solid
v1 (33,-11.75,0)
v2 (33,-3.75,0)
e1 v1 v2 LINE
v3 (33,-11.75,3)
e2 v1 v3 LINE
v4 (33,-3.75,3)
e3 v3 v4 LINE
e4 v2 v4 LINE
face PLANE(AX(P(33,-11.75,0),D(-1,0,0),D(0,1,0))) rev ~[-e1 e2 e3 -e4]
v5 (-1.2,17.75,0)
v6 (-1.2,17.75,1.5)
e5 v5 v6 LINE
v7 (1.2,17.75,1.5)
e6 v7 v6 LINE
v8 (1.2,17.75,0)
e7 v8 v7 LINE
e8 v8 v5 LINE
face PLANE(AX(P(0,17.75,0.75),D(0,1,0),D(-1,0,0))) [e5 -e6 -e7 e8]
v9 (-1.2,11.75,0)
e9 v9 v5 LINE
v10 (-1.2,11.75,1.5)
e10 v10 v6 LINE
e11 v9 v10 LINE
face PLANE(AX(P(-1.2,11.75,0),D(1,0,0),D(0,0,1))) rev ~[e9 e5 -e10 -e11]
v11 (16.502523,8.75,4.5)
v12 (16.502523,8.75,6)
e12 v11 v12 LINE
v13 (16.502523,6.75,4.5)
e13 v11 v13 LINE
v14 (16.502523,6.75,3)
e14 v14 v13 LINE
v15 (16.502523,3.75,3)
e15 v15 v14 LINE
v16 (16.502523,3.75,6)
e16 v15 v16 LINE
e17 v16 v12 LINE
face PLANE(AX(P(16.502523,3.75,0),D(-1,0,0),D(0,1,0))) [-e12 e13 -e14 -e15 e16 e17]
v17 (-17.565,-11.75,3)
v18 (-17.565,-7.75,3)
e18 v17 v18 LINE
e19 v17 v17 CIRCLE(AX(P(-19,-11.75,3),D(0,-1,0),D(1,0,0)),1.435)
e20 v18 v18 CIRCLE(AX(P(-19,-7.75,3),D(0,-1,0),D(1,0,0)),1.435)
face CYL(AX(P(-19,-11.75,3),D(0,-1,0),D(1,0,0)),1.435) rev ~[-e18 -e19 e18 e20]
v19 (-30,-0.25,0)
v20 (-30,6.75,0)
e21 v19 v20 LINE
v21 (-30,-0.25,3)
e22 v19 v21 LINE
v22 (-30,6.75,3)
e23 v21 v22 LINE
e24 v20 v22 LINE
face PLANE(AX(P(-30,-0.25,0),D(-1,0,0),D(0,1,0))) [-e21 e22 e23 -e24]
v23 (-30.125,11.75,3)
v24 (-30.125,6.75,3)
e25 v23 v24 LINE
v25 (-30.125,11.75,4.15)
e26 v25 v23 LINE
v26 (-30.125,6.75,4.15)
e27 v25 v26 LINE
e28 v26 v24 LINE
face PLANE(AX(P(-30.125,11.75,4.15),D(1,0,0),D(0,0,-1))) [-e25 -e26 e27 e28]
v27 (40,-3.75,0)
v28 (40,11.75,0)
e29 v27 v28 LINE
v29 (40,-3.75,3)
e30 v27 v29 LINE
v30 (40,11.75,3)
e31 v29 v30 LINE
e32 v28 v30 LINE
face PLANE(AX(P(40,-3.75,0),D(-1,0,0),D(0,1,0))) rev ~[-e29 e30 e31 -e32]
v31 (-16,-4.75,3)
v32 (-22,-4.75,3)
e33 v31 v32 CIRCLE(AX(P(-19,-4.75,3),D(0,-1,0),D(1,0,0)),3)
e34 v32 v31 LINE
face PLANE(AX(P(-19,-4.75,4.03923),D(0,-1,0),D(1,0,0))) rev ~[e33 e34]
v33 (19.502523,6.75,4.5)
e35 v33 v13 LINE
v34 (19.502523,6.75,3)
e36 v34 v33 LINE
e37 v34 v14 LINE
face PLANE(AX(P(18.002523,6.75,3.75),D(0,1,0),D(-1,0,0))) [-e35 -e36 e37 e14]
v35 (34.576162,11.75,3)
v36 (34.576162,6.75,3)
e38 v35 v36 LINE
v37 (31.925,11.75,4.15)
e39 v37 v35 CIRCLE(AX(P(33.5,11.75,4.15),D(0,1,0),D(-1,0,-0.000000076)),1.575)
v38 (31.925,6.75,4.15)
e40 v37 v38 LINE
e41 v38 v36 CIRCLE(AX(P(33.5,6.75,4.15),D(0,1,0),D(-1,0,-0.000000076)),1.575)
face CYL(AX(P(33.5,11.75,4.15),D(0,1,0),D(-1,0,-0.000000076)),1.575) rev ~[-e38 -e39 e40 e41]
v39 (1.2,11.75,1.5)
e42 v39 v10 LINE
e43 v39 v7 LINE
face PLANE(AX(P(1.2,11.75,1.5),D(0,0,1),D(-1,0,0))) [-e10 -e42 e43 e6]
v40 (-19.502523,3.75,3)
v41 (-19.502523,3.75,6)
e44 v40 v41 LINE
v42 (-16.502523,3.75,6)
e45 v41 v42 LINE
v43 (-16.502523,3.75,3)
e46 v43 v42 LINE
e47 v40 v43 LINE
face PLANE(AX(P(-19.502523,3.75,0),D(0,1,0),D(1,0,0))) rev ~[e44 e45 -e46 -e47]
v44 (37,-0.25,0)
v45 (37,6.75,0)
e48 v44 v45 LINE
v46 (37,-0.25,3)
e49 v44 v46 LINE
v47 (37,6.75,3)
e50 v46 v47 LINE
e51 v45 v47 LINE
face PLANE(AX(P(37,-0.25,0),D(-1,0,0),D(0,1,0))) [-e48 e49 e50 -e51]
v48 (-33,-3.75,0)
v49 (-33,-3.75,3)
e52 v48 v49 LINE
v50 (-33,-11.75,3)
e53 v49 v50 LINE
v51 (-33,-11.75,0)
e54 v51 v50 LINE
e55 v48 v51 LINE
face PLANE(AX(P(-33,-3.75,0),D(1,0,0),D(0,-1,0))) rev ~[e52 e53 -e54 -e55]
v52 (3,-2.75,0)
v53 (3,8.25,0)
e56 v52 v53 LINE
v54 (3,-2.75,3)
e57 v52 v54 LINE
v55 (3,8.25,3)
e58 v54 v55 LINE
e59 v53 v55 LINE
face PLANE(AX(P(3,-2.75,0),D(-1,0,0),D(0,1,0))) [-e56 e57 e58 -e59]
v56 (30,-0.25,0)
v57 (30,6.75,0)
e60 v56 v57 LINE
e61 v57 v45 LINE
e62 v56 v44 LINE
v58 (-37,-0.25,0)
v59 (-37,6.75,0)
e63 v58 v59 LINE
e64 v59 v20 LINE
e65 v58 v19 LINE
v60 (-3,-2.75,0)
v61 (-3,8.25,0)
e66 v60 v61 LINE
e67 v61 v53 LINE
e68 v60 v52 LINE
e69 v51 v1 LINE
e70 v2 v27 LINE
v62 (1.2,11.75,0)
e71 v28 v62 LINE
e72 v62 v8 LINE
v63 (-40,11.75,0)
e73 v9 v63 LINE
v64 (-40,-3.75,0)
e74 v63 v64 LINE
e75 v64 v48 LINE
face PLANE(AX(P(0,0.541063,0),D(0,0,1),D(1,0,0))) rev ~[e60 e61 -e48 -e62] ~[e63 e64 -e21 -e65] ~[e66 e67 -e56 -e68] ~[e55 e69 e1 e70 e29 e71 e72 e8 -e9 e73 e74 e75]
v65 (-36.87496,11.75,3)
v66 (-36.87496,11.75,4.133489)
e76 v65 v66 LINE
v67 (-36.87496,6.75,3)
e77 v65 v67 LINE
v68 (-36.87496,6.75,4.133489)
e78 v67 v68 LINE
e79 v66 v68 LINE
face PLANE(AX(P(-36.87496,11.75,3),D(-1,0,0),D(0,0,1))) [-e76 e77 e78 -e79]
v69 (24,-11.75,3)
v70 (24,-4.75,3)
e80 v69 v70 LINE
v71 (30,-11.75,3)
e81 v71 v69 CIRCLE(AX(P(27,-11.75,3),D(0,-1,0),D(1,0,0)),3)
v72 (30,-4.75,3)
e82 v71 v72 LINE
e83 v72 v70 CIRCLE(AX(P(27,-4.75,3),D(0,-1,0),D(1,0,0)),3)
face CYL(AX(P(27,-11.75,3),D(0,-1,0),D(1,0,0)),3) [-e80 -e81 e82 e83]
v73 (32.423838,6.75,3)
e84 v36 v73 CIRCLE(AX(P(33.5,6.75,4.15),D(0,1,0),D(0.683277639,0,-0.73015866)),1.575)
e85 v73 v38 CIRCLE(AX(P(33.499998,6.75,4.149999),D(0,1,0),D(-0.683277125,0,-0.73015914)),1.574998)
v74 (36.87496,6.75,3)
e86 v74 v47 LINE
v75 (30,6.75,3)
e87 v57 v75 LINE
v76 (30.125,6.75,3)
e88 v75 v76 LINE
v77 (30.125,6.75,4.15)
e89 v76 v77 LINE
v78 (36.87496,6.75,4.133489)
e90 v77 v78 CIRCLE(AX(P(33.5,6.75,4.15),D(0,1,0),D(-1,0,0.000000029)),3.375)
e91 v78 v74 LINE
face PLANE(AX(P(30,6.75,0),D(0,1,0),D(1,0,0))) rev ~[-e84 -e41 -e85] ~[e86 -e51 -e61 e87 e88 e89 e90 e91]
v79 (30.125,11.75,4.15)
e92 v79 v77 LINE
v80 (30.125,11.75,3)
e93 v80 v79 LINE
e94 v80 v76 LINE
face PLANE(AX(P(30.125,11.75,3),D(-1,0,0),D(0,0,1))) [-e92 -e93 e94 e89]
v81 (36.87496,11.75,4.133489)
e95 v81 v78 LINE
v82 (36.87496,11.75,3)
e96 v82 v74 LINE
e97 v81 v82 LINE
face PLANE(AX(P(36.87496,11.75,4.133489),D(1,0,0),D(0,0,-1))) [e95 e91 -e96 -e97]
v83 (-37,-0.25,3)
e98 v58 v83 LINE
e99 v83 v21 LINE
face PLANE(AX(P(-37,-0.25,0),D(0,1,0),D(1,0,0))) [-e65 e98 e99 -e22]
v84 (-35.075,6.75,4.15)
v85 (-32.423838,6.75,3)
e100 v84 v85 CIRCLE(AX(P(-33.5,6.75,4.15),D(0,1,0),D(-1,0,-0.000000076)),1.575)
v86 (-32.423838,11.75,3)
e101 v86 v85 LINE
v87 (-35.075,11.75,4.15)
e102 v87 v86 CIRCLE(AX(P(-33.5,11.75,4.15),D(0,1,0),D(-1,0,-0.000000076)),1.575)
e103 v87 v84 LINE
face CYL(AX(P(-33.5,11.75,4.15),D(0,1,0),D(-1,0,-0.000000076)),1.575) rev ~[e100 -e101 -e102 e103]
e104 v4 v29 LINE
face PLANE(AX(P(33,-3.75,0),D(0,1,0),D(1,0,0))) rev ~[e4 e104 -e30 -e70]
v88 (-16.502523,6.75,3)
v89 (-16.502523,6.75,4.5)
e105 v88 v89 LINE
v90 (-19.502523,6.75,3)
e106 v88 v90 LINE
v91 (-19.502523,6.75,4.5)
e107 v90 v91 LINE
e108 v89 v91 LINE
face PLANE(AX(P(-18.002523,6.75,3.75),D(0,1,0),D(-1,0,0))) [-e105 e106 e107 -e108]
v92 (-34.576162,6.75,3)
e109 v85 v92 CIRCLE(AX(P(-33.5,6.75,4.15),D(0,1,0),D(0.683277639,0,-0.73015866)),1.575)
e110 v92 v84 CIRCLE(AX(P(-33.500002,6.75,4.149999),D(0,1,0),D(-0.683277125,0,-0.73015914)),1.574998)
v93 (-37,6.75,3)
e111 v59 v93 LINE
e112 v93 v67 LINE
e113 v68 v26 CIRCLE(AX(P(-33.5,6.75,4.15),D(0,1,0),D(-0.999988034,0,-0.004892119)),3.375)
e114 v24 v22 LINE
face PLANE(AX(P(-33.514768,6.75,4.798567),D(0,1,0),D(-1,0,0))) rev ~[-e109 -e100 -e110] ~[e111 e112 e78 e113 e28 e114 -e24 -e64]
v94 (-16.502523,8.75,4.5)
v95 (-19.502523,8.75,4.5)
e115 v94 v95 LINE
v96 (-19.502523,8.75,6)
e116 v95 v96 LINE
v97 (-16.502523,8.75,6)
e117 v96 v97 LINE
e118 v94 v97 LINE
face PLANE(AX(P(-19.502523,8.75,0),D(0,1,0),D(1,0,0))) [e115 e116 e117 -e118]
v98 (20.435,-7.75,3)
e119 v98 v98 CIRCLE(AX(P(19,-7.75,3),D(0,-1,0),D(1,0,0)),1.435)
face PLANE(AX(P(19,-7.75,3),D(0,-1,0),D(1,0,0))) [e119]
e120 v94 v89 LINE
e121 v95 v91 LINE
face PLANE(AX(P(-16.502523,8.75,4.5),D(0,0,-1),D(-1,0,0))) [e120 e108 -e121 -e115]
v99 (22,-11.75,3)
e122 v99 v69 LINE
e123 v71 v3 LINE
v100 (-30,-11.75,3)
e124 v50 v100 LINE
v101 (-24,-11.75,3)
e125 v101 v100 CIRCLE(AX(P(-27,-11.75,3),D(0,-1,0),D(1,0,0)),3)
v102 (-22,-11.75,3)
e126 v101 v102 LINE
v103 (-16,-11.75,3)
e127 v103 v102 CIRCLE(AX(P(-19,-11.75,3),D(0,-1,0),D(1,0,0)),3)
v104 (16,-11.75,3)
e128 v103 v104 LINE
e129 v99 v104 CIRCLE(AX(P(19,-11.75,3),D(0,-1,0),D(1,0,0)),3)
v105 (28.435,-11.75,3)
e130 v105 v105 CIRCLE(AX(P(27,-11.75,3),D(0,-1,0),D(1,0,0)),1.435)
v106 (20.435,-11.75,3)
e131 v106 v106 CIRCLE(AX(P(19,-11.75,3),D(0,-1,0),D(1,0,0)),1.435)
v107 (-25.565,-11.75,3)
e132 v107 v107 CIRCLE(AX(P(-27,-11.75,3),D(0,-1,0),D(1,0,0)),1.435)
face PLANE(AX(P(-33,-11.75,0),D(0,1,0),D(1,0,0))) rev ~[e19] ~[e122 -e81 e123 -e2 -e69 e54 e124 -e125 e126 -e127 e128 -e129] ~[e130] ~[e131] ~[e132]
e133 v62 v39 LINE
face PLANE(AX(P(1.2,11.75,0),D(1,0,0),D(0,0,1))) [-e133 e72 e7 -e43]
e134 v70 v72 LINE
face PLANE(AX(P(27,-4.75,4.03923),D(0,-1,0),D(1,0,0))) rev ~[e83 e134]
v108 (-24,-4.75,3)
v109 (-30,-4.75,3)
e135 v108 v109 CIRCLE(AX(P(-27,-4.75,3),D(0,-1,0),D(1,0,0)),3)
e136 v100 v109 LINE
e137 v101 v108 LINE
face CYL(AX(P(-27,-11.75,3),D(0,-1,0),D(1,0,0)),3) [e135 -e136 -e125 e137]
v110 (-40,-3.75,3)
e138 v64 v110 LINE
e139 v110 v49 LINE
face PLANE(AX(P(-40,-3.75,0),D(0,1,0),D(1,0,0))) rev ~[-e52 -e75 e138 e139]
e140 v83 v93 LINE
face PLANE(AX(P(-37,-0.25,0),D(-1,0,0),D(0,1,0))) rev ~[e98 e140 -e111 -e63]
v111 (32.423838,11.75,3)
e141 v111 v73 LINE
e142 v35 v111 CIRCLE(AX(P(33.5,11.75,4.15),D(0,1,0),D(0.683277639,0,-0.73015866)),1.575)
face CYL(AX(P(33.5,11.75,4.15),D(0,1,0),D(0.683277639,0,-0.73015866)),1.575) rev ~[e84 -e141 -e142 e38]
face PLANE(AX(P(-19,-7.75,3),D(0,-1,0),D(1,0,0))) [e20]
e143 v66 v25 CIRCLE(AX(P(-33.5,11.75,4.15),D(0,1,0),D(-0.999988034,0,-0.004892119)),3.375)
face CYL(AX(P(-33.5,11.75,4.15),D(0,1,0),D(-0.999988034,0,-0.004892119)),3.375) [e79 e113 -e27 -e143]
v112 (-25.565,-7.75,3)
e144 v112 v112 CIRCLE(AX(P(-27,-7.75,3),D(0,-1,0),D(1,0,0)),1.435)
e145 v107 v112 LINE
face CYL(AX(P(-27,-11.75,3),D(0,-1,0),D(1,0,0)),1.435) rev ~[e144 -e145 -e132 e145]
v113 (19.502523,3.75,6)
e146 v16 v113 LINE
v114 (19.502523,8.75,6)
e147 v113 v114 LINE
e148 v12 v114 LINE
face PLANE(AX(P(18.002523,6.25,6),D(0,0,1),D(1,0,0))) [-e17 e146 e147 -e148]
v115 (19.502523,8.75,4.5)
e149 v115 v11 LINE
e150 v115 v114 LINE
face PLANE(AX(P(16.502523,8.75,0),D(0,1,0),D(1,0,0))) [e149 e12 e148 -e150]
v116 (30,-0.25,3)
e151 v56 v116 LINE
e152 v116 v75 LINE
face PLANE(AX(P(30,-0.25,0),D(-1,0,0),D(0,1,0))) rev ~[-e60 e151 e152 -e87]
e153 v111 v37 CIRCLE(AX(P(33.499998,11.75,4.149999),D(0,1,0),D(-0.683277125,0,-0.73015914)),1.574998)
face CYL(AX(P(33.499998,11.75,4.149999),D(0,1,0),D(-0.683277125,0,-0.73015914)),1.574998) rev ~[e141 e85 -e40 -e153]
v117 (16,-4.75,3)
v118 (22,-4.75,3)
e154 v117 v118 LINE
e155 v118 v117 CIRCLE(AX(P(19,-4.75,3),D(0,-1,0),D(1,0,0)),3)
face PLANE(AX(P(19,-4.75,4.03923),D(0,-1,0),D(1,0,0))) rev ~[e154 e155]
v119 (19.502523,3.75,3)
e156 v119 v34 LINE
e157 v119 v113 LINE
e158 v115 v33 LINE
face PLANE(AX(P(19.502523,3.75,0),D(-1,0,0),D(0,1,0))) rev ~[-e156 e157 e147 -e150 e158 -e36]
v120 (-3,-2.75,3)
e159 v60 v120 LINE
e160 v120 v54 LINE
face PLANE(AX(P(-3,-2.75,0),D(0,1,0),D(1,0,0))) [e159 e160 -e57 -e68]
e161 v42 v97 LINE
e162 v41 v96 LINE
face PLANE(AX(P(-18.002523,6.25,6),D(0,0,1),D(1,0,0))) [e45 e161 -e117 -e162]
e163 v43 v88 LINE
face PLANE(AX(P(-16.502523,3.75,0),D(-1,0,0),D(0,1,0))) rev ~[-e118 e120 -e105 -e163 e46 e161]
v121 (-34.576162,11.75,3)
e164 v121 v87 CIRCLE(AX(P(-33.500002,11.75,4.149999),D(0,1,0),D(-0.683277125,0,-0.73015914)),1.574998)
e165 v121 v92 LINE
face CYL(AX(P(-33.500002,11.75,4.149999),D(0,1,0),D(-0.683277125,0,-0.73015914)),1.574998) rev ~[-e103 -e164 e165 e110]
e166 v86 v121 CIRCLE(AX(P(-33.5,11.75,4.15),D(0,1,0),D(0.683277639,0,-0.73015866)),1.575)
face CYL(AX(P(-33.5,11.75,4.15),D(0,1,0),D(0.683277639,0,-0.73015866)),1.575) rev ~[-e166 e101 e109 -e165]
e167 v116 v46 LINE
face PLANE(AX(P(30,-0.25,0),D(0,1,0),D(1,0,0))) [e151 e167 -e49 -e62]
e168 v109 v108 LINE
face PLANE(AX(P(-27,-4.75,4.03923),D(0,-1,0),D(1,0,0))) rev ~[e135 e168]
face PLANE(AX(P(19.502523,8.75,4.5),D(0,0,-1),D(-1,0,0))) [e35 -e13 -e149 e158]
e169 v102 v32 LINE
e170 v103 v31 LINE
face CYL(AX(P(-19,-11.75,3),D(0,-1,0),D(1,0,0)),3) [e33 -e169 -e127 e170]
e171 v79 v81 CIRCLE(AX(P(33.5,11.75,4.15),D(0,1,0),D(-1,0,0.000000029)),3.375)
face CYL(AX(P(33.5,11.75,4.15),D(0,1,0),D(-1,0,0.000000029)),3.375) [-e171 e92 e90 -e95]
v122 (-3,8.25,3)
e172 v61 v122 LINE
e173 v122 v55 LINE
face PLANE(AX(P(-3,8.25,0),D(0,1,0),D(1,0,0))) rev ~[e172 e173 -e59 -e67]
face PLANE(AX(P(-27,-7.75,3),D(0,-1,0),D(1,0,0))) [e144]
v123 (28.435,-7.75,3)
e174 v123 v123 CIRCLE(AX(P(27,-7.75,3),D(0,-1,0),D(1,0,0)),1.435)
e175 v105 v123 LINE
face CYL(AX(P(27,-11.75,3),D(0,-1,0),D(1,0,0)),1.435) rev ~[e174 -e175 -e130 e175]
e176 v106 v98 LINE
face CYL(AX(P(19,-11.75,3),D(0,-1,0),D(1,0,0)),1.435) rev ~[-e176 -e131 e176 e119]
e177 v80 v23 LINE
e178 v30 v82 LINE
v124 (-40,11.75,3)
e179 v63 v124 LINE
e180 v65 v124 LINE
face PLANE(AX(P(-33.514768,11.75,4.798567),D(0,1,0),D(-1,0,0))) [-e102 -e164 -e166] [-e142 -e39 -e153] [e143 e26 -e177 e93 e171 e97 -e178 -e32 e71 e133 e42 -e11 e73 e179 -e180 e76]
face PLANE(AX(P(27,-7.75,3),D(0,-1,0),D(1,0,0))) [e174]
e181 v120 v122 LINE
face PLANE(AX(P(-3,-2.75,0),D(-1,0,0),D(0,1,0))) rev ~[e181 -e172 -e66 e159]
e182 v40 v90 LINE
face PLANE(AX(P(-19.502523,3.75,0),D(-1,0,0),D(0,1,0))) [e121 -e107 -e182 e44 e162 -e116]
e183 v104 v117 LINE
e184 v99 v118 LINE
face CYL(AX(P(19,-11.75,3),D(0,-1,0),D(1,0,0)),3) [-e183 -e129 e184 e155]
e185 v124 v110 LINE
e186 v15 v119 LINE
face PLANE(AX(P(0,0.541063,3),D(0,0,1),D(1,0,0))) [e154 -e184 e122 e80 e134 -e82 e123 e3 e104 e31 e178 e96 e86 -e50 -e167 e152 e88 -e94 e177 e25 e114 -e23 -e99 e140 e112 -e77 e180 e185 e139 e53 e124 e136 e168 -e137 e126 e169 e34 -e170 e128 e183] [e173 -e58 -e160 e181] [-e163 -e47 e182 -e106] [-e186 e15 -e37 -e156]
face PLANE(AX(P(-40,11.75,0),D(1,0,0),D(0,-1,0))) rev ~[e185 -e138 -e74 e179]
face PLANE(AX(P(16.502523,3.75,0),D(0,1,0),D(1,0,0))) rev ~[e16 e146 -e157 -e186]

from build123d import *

# Parameters (mm, degrees)
F0_W      = 7
F0_H      = 7
F0_W_2    = 3
F0_H_2    = 5
F0_W_3    = 6
F0_H_3    = 11
F1_DEPTH  = 3
F2_DEPTH  = 6
F3_W      = 3
F3_H      = 1.5
F4_DEPTH  = 2
F5_W      = 3
F5_H      = 1.5
F6_DEPTH  = 2
F7_W      = 2.4
F7_H      = 1.5
F8_DEPTH  = 6
F10_DEPTH = 7
F11_R     = 1.435
F12_DEPTH = 4
F14_DEPTH = 5
F15_DEPTH = 5
F16_DEPTH = 5
F17_DEPTH = 5


with BuildPart() as f1:
    # F0 (on Top) → F1 (new body)
    with BuildSketch(Plane.XY):
        Polygon((40, 11.75), (-40, 11.75), (-40, -3.75), (-33, -3.75), (-33, -11.75), (33, -11.75), (33, -3.75), (40, -3.75), align=None)
        with Locations((-33.5, 3.25)):
            Rectangle(F0_W, F0_H, mode=Mode.SUBTRACT)
        with Locations((-18.002523, 6.25)):
            Rectangle(F0_W_2, F0_H_2, mode=Mode.SUBTRACT)
        with Locations((0, 2.75)):
            Rectangle(F0_W_3, F0_H_3, mode=Mode.SUBTRACT)
        with Locations((33.5, 3.25)):
            Rectangle(F0_W, F0_H, mode=Mode.SUBTRACT)
        with Locations((18.002523, 6.25)):
            Rectangle(F0_W_2, F0_H_2, mode=Mode.SUBTRACT)
    extrude(amount=F1_DEPTH)

    # F0 (on Top) → F2 (join)
    with BuildSketch(Plane.XY):
        with Locations((-18.002523, 6.25)):
            Rectangle(F0_W_2, F0_H_2)
        with Locations((18.002523, 6.25)):
            Rectangle(F0_W_2, F0_H_2)
    extrude(amount=F2_DEPTH)

    # F3 (on face) → F4 (cut)
    with BuildSketch(Plane(origin=(0, 8.75, 0), x_dir=(-1, 0, 0), z_dir=(0, 1, 0))):
        with Locations((-18.002523, 3.75)):
            Rectangle(F3_W, F3_H)
    extrude(amount=-F4_DEPTH, mode=Mode.SUBTRACT)

    # F5 (on face) → F6 (cut)
    with BuildSketch(Plane(origin=(0, 8.75, 0), x_dir=(-1, 0, 0), z_dir=(0, 1, 0))):
        with Locations((18.002523, 3.75)):
            Rectangle(F5_W, F5_H)
    extrude(amount=-F6_DEPTH, mode=Mode.SUBTRACT)

    # F7 (on face) → F8 (join)
    with BuildSketch(Plane(origin=(0, 11.75, 0), x_dir=(-1, 0, 0), z_dir=(0, 1, 0))):
        with Locations((0, 0.75)):
            Rectangle(F7_W, F7_H)
    extrude(amount=F8_DEPTH)

    # F9 (on face) → F10 (join)
    with BuildSketch(Plane.XZ.offset(11.75)):
        with BuildLine():
            Line((-30, 3), (-24, 3))
            ThreePointArc((-24, 3), (-27, 6), (-30, 3))
        make_face()
        with BuildLine():
            ThreePointArc((-16, 3), (-19, 6), (-22, 3))
            Line((-22, 3), (-16, 3))
        make_face()
        with BuildLine():
            ThreePointArc((22, 3), (19, 6), (16, 3))
            Line((16, 3), (22, 3))
        make_face()
        with BuildLine():
            ThreePointArc((30, 3), (27, 6), (24, 3))
            Line((24, 3), (30, 3))
        make_face()
    extrude(amount=-F10_DEPTH)

    # F11 (on face) → F12 (cut)
    with BuildSketch(Plane.XZ.offset(11.75)):
        with Locations((-27, 3)):
            Circle(F11_R)
        with Locations((-19, 3)):
            Circle(F11_R)
        with Locations((19, 3)):
            Circle(F11_R)
        with Locations((27, 3)):
            Circle(F11_R)
    extrude(amount=-F12_DEPTH, mode=Mode.SUBTRACT)

    # F13 (on face) → F14 (join)
    with BuildSketch(Plane(origin=(0, 11.75, 0), x_dir=(-1, 0, 0), z_dir=(0, 1, 0))):
        with BuildLine():
            Line((-30.125, 3), (-30.125, 4.15))
            ThreePointArc((-30.125, 4.15), (-33.508255, 7.52499), (-36.87496, 4.133489))
            Line((-36.87496, 4.133489), (-36.87496, 3))
            Line((-36.87496, 3), (-34.576162, 3))
            ThreePointArc((-34.576162, 3), (-34.126765, 5.594919), (-31.925, 4.15))
            ThreePointArc((-31.925, 4.15), (-32.055081, 3.523235), (-32.423838, 3))
            Line((-32.423838, 3), (-30.125, 3))
        make_face()
        with BuildLine():
            Line((-34.576162, 3), (-32.423838, 3))
            ThreePointArc((-32.423838, 3), (-32.055081, 3.523235), (-31.925, 4.15))
            ThreePointArc((-31.925, 4.15), (-34.126765, 5.594919), (-34.576162, 3))
        make_face()
    extrude(amount=-F14_DEPTH)

    # F13 (on face) → F15 (cut, through all)
    with BuildSketch(Plane(origin=(0, 11.75, 0), x_dir=(-1, 0, 0), z_dir=(0, 1, 0))):
        with BuildLine():
            Line((-34.576162, 3), (-32.423838, 3))
            ThreePointArc((-32.423838, 3), (-32.055081, 3.523235), (-31.925, 4.15))
            ThreePointArc((-31.925, 4.15), (-34.126765, 5.594919), (-34.576162, 3))
        make_face()
        with BuildLine():
            ThreePointArc((-34.576162, 3), (-33.5, 2.575), (-32.423838, 3))
            Line((-32.423838, 3), (-34.576162, 3))
        make_face()
    extrude(amount=-F15_DEPTH, mode=Mode.SUBTRACT)

    # F13 (on face) → F16 (join)
    with BuildSketch(Plane(origin=(0, 11.75, 0), x_dir=(-1, 0, 0), z_dir=(0, 1, 0))):
        with BuildLine():
            Line((30.125, 4.15), (30.125, 3))
            Line((30.125, 3), (32.423838, 3))
            ThreePointArc((32.423838, 3), (32.873235, 5.594919), (35.075, 4.15))
            ThreePointArc((35.075, 4.15), (34.944919, 3.523235), (34.576162, 3))
            Line((34.576162, 3), (36.87496, 3))
            Line((36.87496, 3), (36.87496, 4.133489))
            ThreePointArc((36.87496, 4.133489), (33.508255, 7.52499), (30.125, 4.15))
        make_face()
        with BuildLine():
            Line((34.576162, 3), (32.423838, 3))
            ThreePointArc((32.423838, 3), (33.5, 2.575), (34.576162, 3))
        make_face()
        with BuildLine():
            ThreePointArc((35.075, 4.15), (32.873235, 5.594919), (32.423838, 3))
            Line((32.423838, 3), (34.576162, 3))
            ThreePointArc((34.576162, 3), (34.944919, 3.523235), (35.075, 4.15))
        make_face()
    extrude(amount=-F16_DEPTH)

    # F13 (on face) → F17 (cut, through all)
    with BuildSketch(Plane(origin=(0, 11.75, 0), x_dir=(-1, 0, 0), z_dir=(0, 1, 0))):
        with BuildLine():
            ThreePointArc((35.075, 4.15), (32.873235, 5.594919), (32.423838, 3))
            Line((32.423838, 3), (34.576162, 3))
            ThreePointArc((34.576162, 3), (34.944919, 3.523235), (35.075, 4.15))
        make_face()
        with BuildLine():
            Line((34.576162, 3), (32.423838, 3))
            ThreePointArc((32.423838, 3), (33.5, 2.575), (34.576162, 3))
        make_face()
    extrude(amount=-F17_DEPTH, mode=Mode.SUBTRACT)


solid = f1.part
